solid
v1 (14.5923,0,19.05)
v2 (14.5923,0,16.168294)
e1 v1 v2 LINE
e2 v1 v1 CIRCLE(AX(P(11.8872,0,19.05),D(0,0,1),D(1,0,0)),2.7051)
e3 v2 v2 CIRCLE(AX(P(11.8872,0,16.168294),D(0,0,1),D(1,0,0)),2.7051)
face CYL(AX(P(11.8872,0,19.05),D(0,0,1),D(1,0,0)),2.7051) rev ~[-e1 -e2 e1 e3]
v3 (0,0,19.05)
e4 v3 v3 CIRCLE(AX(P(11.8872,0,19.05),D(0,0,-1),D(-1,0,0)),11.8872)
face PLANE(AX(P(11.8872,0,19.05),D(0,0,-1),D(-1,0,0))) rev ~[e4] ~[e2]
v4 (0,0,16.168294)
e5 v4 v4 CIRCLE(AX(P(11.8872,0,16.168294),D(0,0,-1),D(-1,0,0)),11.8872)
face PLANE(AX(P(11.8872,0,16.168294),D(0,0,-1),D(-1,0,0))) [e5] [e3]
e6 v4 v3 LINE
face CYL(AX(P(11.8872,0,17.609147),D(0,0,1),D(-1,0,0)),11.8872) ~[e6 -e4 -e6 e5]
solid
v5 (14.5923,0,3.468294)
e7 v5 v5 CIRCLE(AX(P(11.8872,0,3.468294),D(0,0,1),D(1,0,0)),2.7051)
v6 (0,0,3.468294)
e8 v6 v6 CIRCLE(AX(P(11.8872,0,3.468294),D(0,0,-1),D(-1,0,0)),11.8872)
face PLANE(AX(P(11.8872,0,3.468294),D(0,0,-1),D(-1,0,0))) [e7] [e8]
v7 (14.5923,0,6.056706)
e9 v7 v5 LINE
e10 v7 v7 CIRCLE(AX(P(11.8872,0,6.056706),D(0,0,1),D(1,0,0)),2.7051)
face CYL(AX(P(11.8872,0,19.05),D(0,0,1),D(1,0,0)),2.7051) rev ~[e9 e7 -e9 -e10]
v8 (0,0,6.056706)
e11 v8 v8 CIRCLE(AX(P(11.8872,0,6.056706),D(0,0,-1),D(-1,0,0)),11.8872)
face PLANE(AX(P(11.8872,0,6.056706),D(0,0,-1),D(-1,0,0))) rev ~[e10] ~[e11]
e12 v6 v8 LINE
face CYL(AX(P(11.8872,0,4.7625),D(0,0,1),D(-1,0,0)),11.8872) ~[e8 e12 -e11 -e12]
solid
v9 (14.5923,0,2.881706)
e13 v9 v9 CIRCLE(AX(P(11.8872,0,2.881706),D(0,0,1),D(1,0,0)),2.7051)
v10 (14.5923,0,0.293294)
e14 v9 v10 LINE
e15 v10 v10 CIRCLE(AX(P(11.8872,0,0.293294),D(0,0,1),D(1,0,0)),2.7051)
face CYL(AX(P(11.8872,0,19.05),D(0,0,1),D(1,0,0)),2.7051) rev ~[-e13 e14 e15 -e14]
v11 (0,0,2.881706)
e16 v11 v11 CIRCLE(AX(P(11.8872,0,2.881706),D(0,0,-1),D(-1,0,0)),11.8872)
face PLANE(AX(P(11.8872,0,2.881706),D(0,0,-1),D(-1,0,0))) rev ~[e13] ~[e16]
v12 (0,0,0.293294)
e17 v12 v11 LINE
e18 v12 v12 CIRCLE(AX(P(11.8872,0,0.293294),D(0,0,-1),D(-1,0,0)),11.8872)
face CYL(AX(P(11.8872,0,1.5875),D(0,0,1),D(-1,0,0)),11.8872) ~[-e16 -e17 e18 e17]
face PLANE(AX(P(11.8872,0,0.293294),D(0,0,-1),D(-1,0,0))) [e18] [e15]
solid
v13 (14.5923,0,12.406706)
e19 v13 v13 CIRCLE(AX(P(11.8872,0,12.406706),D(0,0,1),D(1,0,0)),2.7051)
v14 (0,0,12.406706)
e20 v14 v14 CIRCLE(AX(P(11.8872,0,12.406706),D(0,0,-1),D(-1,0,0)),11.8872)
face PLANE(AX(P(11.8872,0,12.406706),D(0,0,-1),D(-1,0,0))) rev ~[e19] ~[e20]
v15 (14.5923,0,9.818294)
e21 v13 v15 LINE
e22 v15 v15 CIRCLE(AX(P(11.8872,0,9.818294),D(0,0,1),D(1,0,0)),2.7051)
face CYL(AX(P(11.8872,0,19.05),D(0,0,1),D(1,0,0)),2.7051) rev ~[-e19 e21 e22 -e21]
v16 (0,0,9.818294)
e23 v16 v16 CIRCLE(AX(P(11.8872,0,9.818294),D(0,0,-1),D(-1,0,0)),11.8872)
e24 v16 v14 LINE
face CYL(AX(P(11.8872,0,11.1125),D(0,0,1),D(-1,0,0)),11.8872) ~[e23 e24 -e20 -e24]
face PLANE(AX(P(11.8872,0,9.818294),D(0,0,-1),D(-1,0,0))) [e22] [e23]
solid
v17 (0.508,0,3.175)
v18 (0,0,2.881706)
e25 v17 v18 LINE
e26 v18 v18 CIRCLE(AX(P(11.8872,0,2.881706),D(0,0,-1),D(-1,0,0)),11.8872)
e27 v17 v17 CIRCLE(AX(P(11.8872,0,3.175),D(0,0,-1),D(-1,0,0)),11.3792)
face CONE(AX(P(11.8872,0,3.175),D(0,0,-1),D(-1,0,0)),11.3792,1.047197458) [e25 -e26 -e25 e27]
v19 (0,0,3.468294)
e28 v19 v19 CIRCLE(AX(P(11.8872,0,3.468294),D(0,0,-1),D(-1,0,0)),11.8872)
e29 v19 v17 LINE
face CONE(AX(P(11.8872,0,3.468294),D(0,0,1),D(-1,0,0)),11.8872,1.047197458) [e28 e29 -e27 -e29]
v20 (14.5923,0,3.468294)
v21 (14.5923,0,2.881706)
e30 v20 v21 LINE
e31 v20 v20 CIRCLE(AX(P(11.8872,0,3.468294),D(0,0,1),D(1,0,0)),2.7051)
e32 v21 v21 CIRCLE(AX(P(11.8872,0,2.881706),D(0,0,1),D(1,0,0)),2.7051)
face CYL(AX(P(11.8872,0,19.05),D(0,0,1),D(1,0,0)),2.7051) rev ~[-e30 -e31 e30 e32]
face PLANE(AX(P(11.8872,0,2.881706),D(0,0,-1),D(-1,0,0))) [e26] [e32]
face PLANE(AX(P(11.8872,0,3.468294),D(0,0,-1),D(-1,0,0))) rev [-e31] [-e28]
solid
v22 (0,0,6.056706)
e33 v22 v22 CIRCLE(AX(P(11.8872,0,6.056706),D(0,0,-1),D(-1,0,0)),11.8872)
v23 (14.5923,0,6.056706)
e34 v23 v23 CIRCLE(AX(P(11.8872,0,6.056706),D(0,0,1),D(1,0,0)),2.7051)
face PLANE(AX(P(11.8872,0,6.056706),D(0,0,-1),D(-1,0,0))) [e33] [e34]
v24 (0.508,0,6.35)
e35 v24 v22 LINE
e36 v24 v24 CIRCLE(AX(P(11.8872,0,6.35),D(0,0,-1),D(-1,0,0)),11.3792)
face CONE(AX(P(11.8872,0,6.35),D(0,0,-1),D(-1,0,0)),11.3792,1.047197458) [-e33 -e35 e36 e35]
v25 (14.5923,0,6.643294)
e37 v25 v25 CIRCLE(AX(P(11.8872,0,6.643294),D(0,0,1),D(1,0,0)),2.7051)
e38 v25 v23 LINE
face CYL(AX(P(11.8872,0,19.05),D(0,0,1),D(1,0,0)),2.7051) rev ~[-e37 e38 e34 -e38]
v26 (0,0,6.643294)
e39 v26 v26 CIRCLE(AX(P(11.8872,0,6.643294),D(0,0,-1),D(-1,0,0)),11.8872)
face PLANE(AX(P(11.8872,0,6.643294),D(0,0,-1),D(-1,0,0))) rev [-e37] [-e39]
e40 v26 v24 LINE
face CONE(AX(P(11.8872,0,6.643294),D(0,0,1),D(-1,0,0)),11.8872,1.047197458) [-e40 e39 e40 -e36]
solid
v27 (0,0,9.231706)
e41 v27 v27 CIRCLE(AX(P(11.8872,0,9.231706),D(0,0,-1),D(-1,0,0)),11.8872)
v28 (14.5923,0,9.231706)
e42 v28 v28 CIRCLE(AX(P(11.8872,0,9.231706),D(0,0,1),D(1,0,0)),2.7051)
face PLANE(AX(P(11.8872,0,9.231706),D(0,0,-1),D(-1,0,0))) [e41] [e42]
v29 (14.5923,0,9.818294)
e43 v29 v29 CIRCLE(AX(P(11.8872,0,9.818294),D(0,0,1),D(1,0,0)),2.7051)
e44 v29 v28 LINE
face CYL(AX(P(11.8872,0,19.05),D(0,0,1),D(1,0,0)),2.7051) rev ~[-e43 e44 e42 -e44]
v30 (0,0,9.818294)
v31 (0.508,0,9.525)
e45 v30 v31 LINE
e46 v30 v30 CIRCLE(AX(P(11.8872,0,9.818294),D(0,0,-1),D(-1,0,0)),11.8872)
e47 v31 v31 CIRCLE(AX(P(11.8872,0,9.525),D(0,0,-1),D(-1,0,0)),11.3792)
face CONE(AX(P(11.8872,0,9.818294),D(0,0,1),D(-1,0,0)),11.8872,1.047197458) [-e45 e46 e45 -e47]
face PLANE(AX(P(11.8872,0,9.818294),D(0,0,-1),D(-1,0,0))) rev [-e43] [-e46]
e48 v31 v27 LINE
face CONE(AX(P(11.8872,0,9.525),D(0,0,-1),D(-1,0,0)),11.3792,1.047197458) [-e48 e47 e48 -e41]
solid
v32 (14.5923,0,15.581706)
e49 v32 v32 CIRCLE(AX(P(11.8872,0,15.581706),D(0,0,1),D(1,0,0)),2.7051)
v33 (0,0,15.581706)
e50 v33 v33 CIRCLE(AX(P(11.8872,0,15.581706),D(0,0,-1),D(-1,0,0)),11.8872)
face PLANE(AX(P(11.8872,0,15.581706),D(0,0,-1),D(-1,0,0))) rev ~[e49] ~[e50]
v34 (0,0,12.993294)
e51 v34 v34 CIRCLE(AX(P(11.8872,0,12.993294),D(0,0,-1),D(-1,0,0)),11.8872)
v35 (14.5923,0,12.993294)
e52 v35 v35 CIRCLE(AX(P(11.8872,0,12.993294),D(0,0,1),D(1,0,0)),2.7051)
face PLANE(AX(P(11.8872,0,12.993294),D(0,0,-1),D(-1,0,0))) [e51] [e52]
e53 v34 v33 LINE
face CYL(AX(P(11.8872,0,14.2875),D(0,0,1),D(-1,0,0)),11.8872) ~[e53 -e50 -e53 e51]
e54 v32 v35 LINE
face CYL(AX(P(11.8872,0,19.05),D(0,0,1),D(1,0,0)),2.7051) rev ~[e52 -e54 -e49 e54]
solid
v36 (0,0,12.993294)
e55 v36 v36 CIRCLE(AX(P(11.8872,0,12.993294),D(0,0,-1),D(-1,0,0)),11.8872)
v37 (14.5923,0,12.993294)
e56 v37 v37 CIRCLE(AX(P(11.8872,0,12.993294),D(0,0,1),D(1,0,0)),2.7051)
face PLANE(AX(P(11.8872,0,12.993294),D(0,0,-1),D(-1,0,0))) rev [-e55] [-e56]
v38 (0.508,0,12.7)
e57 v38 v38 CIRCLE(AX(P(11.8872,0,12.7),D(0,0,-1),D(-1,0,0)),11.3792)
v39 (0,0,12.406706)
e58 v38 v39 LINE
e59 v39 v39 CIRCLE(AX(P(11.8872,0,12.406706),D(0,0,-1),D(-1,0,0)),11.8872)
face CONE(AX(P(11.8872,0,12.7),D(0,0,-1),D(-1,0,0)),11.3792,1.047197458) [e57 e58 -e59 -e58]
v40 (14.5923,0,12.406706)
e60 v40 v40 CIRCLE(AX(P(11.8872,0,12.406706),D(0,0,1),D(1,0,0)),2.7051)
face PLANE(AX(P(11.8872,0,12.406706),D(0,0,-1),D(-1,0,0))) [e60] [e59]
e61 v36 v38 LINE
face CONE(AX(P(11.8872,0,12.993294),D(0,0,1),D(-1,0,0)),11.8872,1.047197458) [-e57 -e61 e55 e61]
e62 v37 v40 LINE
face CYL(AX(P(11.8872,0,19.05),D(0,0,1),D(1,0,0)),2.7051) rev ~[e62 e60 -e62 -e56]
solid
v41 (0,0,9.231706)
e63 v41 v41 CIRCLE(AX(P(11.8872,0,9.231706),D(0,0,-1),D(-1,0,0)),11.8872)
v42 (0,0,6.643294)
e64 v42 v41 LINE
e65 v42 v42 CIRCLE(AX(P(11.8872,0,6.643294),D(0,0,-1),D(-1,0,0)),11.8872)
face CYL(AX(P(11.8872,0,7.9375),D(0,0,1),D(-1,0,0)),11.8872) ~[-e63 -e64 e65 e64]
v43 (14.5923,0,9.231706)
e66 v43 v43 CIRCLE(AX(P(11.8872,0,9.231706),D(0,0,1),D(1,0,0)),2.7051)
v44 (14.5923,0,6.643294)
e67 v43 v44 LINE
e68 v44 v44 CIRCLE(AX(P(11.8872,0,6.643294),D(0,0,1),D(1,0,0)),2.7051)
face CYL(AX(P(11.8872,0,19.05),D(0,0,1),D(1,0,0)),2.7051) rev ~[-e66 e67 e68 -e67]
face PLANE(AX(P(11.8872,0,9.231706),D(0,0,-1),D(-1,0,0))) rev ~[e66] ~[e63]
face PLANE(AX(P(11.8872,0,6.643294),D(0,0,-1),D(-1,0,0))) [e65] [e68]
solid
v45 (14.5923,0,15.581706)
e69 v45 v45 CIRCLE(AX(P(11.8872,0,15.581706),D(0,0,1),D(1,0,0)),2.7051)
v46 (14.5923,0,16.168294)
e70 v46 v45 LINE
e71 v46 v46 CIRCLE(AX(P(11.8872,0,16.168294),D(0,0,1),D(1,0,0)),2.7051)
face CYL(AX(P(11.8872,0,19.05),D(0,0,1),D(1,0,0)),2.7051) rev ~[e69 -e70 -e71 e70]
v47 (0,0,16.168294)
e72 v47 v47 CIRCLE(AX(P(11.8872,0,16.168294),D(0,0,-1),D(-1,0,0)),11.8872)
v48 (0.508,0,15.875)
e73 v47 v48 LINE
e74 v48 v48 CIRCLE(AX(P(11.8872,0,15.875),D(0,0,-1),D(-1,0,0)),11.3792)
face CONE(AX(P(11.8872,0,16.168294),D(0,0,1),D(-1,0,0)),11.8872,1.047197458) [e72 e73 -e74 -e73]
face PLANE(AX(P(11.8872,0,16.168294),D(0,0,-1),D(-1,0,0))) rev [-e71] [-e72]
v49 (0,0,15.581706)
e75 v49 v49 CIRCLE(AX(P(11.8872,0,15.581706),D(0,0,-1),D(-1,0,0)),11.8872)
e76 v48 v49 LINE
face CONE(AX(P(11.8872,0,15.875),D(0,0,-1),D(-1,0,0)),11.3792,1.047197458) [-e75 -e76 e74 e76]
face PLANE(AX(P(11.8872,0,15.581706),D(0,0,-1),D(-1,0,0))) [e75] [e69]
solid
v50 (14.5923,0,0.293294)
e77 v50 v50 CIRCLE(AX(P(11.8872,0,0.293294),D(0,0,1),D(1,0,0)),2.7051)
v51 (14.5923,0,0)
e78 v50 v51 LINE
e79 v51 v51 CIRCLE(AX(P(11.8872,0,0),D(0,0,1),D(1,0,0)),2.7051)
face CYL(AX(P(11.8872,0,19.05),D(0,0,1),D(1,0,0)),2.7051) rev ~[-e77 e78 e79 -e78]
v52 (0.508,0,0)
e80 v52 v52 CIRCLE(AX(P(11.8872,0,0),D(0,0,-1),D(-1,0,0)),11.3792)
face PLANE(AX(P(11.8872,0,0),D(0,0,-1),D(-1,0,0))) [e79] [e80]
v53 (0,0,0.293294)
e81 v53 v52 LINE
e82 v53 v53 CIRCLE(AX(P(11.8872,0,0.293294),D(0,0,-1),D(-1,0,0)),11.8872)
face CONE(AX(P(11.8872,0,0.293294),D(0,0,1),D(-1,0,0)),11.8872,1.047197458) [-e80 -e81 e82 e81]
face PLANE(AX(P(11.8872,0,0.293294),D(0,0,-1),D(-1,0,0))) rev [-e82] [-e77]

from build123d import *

# Parameters (mm, degrees)
F0_W     = 11.8872
F0_H     = 2.881706
F0_H_2   = 2.588412
F3_R     = 2.7051
F4_DEPTH = 25.4


with BuildPart() as f1:
    # F0 (on Front) → F1 (revolve)
    with BuildSketch(Plane.XZ):
        with Locations((5.9436, 17.609147)):
            Rectangle(F0_W, F0_H)
        with Locations((5.9436, 14.2875)):
            Rectangle(F0_W, F0_H_2)
        with Locations((5.9436, 11.1125)):
            Rectangle(F0_W, F0_H_2)
        with Locations((5.9436, 7.9375)):
            Rectangle(F0_W, F0_H_2)
        with Locations((5.9436, 4.7625)):
            Rectangle(F0_W, F0_H_2)
        with Locations((5.9436, 1.5875)):
            Rectangle(F0_W, F0_H_2)
    revolve(axis=Axis((11.8872, 0, 9.525), (0, 0, -1)))


with BuildPart() as f2:
    # F0 (on Front) → F2 (revolve)
    with BuildSketch(Plane.XZ):
        Polygon((11.8872, 16.168294), (0, 16.168294), (0.508, 15.875), (11.8872, 15.875), align=None)
        Polygon((0.508, 15.875), (0, 15.581706), (11.8872, 15.581706), (11.8872, 15.875), align=None)
        Polygon((11.8872, 12.993294), (0, 12.993294), (0.508, 12.7), (11.8872, 12.7), align=None)
        Polygon((0.508, 12.7), (0, 12.406706), (11.8872, 12.406706), (11.8872, 12.7), align=None)
        Polygon((11.8872, 9.818294), (0, 9.818294), (0.508, 9.525), (11.8872, 9.525), align=None)
        Polygon((0.508, 9.525), (0, 9.231706), (11.8872, 9.231706), (11.8872, 9.525), align=None)
        Polygon((11.8872, 6.643294), (0, 6.643294), (0.508, 6.35), (11.8872, 6.35), align=None)
        Polygon((0.508, 6.35), (0, 6.056706), (11.8872, 6.056706), (11.8872, 6.35), align=None)
        Polygon((11.8872, 3.468294), (0, 3.468294), (0.508, 3.175), (11.8872, 3.175), align=None)
        Polygon((0.508, 3.175), (0, 2.881706), (11.8872, 2.881706), (11.8872, 3.175), align=None)
        Polygon((0, 0.293294), (0.508, 0), (11.8872, 0), (11.8872, 0.293294), align=None)
    revolve(axis=Axis((11.8872, 0, 12.406706), (0, 0, -1)))


with BuildPart() as f4_tool:
    # F3 (on face) → F4 (new body)
    with BuildSketch(Plane.XY.offset(19.05)):
        with Locations((11.8872, 0)):
            Circle(F3_R)
    extrude(amount=-F4_DEPTH)


with BuildPart() as f1_1:
    add(f1.part)

    # F4: cut by f4_tool
    add(f4_tool.part, mode=Mode.SUBTRACT)


with BuildPart() as f2_1:
    add(f2.part)

    # F4: cut by f4_tool
    add(f4_tool.part, mode=Mode.SUBTRACT)


solid = Compound([f1_1.part, f2_1.part])
